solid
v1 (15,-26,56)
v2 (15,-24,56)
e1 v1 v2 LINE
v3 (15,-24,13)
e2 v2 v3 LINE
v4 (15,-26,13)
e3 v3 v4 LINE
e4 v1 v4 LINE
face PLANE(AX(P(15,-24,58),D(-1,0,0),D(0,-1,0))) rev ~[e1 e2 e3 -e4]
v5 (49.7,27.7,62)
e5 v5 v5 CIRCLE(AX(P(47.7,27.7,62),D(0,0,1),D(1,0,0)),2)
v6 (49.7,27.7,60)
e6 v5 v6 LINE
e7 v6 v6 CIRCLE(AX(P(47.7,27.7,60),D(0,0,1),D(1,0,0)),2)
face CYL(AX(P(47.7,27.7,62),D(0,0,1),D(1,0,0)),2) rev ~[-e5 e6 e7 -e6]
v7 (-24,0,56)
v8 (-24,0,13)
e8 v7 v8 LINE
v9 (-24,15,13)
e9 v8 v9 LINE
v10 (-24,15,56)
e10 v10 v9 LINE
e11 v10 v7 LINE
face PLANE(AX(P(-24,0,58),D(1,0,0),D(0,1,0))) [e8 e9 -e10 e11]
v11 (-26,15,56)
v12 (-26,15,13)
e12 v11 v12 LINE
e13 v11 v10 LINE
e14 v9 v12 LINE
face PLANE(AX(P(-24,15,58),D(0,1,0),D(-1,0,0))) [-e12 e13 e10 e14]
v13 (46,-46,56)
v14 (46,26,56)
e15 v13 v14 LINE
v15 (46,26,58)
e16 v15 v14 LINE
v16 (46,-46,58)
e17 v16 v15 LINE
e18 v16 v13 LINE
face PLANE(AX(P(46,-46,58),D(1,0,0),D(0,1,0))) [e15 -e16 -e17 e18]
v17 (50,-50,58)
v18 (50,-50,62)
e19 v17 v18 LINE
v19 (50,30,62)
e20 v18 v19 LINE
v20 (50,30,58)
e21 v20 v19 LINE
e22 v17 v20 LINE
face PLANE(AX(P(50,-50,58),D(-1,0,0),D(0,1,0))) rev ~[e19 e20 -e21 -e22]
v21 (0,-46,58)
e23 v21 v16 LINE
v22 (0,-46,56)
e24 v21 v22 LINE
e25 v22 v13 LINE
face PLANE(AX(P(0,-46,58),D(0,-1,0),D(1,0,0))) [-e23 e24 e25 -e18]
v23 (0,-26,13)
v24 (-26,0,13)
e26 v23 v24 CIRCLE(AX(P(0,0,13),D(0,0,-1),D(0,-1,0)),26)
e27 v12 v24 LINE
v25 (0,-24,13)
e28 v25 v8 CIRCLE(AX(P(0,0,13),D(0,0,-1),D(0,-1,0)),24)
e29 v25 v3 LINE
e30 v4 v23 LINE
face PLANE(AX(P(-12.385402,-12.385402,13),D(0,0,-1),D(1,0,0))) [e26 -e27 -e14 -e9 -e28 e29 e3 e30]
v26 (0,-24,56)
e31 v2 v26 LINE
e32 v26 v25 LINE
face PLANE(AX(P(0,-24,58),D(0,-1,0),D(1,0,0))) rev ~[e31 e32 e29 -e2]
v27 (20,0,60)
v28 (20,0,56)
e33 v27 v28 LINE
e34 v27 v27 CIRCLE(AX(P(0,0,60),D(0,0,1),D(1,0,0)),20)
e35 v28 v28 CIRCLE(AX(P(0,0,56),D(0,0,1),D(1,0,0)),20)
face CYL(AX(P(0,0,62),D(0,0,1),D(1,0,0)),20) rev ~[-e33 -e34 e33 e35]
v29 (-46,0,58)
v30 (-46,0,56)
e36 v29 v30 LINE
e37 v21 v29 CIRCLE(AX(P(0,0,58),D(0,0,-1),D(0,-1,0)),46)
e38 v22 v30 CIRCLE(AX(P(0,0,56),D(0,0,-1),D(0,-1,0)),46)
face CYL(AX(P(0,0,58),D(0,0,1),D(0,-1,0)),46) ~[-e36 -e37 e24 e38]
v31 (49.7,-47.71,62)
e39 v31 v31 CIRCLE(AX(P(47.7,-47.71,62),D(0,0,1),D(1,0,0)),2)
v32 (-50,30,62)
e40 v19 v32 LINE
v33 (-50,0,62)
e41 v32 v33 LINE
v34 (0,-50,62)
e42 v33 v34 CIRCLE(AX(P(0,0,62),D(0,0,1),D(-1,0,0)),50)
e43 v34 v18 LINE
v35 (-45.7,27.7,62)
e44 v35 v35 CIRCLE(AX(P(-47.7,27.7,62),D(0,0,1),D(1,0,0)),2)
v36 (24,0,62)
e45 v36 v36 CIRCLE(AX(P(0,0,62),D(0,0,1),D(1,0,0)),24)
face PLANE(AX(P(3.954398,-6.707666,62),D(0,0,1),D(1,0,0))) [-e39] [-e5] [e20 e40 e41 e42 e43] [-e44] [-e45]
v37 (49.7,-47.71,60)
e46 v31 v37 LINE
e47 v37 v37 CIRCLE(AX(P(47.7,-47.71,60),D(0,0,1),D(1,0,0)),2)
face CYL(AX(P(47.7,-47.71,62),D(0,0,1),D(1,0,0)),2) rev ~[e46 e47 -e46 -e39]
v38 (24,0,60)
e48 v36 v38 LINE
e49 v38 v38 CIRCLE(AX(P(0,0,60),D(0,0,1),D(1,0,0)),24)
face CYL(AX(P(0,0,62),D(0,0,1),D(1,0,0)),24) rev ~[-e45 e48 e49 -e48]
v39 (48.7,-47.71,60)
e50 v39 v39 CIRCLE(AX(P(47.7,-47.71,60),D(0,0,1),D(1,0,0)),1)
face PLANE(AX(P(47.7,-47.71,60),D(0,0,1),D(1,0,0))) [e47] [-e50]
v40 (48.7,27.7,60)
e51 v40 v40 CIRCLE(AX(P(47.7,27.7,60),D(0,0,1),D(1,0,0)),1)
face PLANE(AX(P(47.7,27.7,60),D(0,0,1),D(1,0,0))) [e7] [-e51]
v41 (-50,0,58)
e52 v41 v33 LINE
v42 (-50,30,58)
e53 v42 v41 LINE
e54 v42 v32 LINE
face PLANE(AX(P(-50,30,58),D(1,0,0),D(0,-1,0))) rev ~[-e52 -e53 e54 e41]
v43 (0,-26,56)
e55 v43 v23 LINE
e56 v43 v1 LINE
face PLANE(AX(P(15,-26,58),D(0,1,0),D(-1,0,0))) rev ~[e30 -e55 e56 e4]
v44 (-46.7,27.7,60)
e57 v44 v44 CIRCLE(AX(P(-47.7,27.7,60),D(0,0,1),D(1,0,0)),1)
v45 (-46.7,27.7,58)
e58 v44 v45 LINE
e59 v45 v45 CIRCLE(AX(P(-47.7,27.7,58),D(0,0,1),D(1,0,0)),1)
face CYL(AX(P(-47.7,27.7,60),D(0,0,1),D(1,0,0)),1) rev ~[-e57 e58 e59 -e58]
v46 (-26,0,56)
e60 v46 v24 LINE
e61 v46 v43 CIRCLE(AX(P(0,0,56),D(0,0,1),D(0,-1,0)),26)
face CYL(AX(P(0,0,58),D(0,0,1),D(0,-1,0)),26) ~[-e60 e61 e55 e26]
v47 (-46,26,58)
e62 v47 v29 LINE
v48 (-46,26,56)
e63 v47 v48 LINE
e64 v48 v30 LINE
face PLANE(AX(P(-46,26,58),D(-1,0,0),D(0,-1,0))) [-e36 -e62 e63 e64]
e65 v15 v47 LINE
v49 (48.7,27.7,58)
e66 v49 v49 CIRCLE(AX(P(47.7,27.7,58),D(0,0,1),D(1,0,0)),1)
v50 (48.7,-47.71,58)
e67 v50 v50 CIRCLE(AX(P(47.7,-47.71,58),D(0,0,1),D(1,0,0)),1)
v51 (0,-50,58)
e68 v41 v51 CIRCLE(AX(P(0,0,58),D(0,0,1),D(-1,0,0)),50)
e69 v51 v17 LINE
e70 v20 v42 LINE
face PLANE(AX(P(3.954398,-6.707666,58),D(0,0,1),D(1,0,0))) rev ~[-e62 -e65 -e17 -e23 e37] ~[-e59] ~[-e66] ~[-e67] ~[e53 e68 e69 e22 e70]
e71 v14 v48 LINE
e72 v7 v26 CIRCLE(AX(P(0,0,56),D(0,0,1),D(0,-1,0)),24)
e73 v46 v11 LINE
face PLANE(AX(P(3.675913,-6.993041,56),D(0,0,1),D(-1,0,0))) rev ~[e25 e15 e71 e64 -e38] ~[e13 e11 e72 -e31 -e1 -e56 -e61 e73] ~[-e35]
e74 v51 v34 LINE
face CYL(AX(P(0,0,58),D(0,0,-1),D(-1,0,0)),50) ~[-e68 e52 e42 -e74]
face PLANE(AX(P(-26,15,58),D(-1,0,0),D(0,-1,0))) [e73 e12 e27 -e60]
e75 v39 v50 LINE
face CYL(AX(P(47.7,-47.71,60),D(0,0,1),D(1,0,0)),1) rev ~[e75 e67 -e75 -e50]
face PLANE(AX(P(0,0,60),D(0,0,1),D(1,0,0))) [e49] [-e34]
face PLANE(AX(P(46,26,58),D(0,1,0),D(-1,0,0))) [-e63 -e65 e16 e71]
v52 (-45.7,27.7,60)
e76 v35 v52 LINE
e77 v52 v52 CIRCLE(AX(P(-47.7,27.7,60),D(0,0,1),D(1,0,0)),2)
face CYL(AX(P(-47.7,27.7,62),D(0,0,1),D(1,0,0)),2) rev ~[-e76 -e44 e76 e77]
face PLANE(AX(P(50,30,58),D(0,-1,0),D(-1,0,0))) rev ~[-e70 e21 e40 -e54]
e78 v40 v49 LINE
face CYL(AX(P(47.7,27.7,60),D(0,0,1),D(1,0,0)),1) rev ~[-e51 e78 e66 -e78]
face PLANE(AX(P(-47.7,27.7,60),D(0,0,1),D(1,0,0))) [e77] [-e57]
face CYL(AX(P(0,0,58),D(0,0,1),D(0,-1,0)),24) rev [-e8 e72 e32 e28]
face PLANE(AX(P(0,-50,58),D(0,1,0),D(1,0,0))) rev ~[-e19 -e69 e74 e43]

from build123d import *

# Parameters (mm, degrees)
PAD012_DEPTH    = 4
PAD013_DEPTH    = 45
PAD014_DEPTH    = 2
SKETCH043_R     = 20
POCKET021_DEPTH = 6
SKETCH044_R     = 24
POCKET022_DEPTH = 2
SKETCH052_R     = 2
POCKET025_DEPTH = 2
SKETCH053_R     = 1
POCKET026_DEPTH = 2


with BuildPart() as part:
    # Sketch036 (on Face1 of CopyPad006) → Pad012 (new body)
    with BuildSketch(Plane.XY.offset(58)):
        with BuildLine():
            Line((0, -50), (50, -50))
            Line((50, -50), (50, 30))
            Line((50, 30), (-50, 30))
            Line((-50, 30), (-50, 0))
            ThreePointArc((-50, 0), (-35.3553390593, -35.3553390593), (0, -50))
        make_face()
    extrude(amount=PAD012_DEPTH)

    # Sketch037 (on Face6 of Pad012) → Pad013 (join)
    with BuildSketch(Plane(origin=(0, 0, 58), x_dir=(1, 0, 0), z_dir=(0, 0, -1))):
        with BuildLine():
            ThreePointArc((0, 26), (-18.3847763109, 18.3847763108), (-26, 0))
            Line((-26, -15), (-26, 0))
            Line((-24, -15), (-26, -15))
            Line((-24, 0), (-24, -15))
            ThreePointArc((0, 24), (-16.9705627485, 16.9705627485), (-24, 0))
            Line((0, 24), (15, 24))
            Line((15, 24), (15, 26))
            Line((15, 26), (0, 26))
        make_face()
    extrude(amount=PAD013_DEPTH)

    # Sketch038 (on Face4 of Pad013) → Pad014 (join)
    with BuildSketch(Plane(origin=(0, 0, 58), x_dir=(1, 0, 0), z_dir=(0, 0, -1))):
        with BuildLine():
            Line((0, 46), (46, 46))
            Line((46, 46), (46, -26))
            Line((46, -26), (-46, -26))
            Line((-46, -26), (-46, 0))
            ThreePointArc((0, 46), (-32.5269119346, 32.5269119346), (-46, 0))
        make_face()
    extrude(amount=PAD014_DEPTH)

    # Sketch043 (on Face5 of Pad014) → Pocket021 (cut)
    with BuildSketch(Plane.XY.offset(62)):
        Circle(SKETCH043_R)
    extrude(amount=-POCKET021_DEPTH, mode=Mode.SUBTRACT)

    # Sketch044 (on Face5 of Pocket021) → Pocket022 (cut)
    with BuildSketch(Plane.XY.offset(62)):
        Circle(SKETCH044_R)
    extrude(amount=-POCKET022_DEPTH, mode=Mode.SUBTRACT)

    # Sketch052 (on Face5 of Pocket022) → Pocket025 (cut)
    with BuildSketch(Plane.XY.offset(62)):
        with Locations((-47.7, 27.7)):
            Circle(SKETCH052_R)
        with Locations((47.7, 27.7)):
            Circle(SKETCH052_R)
        with Locations((47.7, -47.71)):
            Circle(SKETCH052_R)
    extrude(amount=-POCKET025_DEPTH, mode=Mode.SUBTRACT)

    # Sketch053 (on Face21 of Pocket025) → Pocket026 (cut)
    with BuildSketch(Plane.XY.offset(60)):
        with Locations((-47.7, 27.7)):
            Circle(SKETCH053_R)
        with Locations((47.7, 27.7)):
            Circle(SKETCH053_R)
        with Locations((47.7, -47.71)):
            Circle(SKETCH053_R)
    extrude(amount=-POCKET026_DEPTH, mode=Mode.SUBTRACT)


solid = part.part
